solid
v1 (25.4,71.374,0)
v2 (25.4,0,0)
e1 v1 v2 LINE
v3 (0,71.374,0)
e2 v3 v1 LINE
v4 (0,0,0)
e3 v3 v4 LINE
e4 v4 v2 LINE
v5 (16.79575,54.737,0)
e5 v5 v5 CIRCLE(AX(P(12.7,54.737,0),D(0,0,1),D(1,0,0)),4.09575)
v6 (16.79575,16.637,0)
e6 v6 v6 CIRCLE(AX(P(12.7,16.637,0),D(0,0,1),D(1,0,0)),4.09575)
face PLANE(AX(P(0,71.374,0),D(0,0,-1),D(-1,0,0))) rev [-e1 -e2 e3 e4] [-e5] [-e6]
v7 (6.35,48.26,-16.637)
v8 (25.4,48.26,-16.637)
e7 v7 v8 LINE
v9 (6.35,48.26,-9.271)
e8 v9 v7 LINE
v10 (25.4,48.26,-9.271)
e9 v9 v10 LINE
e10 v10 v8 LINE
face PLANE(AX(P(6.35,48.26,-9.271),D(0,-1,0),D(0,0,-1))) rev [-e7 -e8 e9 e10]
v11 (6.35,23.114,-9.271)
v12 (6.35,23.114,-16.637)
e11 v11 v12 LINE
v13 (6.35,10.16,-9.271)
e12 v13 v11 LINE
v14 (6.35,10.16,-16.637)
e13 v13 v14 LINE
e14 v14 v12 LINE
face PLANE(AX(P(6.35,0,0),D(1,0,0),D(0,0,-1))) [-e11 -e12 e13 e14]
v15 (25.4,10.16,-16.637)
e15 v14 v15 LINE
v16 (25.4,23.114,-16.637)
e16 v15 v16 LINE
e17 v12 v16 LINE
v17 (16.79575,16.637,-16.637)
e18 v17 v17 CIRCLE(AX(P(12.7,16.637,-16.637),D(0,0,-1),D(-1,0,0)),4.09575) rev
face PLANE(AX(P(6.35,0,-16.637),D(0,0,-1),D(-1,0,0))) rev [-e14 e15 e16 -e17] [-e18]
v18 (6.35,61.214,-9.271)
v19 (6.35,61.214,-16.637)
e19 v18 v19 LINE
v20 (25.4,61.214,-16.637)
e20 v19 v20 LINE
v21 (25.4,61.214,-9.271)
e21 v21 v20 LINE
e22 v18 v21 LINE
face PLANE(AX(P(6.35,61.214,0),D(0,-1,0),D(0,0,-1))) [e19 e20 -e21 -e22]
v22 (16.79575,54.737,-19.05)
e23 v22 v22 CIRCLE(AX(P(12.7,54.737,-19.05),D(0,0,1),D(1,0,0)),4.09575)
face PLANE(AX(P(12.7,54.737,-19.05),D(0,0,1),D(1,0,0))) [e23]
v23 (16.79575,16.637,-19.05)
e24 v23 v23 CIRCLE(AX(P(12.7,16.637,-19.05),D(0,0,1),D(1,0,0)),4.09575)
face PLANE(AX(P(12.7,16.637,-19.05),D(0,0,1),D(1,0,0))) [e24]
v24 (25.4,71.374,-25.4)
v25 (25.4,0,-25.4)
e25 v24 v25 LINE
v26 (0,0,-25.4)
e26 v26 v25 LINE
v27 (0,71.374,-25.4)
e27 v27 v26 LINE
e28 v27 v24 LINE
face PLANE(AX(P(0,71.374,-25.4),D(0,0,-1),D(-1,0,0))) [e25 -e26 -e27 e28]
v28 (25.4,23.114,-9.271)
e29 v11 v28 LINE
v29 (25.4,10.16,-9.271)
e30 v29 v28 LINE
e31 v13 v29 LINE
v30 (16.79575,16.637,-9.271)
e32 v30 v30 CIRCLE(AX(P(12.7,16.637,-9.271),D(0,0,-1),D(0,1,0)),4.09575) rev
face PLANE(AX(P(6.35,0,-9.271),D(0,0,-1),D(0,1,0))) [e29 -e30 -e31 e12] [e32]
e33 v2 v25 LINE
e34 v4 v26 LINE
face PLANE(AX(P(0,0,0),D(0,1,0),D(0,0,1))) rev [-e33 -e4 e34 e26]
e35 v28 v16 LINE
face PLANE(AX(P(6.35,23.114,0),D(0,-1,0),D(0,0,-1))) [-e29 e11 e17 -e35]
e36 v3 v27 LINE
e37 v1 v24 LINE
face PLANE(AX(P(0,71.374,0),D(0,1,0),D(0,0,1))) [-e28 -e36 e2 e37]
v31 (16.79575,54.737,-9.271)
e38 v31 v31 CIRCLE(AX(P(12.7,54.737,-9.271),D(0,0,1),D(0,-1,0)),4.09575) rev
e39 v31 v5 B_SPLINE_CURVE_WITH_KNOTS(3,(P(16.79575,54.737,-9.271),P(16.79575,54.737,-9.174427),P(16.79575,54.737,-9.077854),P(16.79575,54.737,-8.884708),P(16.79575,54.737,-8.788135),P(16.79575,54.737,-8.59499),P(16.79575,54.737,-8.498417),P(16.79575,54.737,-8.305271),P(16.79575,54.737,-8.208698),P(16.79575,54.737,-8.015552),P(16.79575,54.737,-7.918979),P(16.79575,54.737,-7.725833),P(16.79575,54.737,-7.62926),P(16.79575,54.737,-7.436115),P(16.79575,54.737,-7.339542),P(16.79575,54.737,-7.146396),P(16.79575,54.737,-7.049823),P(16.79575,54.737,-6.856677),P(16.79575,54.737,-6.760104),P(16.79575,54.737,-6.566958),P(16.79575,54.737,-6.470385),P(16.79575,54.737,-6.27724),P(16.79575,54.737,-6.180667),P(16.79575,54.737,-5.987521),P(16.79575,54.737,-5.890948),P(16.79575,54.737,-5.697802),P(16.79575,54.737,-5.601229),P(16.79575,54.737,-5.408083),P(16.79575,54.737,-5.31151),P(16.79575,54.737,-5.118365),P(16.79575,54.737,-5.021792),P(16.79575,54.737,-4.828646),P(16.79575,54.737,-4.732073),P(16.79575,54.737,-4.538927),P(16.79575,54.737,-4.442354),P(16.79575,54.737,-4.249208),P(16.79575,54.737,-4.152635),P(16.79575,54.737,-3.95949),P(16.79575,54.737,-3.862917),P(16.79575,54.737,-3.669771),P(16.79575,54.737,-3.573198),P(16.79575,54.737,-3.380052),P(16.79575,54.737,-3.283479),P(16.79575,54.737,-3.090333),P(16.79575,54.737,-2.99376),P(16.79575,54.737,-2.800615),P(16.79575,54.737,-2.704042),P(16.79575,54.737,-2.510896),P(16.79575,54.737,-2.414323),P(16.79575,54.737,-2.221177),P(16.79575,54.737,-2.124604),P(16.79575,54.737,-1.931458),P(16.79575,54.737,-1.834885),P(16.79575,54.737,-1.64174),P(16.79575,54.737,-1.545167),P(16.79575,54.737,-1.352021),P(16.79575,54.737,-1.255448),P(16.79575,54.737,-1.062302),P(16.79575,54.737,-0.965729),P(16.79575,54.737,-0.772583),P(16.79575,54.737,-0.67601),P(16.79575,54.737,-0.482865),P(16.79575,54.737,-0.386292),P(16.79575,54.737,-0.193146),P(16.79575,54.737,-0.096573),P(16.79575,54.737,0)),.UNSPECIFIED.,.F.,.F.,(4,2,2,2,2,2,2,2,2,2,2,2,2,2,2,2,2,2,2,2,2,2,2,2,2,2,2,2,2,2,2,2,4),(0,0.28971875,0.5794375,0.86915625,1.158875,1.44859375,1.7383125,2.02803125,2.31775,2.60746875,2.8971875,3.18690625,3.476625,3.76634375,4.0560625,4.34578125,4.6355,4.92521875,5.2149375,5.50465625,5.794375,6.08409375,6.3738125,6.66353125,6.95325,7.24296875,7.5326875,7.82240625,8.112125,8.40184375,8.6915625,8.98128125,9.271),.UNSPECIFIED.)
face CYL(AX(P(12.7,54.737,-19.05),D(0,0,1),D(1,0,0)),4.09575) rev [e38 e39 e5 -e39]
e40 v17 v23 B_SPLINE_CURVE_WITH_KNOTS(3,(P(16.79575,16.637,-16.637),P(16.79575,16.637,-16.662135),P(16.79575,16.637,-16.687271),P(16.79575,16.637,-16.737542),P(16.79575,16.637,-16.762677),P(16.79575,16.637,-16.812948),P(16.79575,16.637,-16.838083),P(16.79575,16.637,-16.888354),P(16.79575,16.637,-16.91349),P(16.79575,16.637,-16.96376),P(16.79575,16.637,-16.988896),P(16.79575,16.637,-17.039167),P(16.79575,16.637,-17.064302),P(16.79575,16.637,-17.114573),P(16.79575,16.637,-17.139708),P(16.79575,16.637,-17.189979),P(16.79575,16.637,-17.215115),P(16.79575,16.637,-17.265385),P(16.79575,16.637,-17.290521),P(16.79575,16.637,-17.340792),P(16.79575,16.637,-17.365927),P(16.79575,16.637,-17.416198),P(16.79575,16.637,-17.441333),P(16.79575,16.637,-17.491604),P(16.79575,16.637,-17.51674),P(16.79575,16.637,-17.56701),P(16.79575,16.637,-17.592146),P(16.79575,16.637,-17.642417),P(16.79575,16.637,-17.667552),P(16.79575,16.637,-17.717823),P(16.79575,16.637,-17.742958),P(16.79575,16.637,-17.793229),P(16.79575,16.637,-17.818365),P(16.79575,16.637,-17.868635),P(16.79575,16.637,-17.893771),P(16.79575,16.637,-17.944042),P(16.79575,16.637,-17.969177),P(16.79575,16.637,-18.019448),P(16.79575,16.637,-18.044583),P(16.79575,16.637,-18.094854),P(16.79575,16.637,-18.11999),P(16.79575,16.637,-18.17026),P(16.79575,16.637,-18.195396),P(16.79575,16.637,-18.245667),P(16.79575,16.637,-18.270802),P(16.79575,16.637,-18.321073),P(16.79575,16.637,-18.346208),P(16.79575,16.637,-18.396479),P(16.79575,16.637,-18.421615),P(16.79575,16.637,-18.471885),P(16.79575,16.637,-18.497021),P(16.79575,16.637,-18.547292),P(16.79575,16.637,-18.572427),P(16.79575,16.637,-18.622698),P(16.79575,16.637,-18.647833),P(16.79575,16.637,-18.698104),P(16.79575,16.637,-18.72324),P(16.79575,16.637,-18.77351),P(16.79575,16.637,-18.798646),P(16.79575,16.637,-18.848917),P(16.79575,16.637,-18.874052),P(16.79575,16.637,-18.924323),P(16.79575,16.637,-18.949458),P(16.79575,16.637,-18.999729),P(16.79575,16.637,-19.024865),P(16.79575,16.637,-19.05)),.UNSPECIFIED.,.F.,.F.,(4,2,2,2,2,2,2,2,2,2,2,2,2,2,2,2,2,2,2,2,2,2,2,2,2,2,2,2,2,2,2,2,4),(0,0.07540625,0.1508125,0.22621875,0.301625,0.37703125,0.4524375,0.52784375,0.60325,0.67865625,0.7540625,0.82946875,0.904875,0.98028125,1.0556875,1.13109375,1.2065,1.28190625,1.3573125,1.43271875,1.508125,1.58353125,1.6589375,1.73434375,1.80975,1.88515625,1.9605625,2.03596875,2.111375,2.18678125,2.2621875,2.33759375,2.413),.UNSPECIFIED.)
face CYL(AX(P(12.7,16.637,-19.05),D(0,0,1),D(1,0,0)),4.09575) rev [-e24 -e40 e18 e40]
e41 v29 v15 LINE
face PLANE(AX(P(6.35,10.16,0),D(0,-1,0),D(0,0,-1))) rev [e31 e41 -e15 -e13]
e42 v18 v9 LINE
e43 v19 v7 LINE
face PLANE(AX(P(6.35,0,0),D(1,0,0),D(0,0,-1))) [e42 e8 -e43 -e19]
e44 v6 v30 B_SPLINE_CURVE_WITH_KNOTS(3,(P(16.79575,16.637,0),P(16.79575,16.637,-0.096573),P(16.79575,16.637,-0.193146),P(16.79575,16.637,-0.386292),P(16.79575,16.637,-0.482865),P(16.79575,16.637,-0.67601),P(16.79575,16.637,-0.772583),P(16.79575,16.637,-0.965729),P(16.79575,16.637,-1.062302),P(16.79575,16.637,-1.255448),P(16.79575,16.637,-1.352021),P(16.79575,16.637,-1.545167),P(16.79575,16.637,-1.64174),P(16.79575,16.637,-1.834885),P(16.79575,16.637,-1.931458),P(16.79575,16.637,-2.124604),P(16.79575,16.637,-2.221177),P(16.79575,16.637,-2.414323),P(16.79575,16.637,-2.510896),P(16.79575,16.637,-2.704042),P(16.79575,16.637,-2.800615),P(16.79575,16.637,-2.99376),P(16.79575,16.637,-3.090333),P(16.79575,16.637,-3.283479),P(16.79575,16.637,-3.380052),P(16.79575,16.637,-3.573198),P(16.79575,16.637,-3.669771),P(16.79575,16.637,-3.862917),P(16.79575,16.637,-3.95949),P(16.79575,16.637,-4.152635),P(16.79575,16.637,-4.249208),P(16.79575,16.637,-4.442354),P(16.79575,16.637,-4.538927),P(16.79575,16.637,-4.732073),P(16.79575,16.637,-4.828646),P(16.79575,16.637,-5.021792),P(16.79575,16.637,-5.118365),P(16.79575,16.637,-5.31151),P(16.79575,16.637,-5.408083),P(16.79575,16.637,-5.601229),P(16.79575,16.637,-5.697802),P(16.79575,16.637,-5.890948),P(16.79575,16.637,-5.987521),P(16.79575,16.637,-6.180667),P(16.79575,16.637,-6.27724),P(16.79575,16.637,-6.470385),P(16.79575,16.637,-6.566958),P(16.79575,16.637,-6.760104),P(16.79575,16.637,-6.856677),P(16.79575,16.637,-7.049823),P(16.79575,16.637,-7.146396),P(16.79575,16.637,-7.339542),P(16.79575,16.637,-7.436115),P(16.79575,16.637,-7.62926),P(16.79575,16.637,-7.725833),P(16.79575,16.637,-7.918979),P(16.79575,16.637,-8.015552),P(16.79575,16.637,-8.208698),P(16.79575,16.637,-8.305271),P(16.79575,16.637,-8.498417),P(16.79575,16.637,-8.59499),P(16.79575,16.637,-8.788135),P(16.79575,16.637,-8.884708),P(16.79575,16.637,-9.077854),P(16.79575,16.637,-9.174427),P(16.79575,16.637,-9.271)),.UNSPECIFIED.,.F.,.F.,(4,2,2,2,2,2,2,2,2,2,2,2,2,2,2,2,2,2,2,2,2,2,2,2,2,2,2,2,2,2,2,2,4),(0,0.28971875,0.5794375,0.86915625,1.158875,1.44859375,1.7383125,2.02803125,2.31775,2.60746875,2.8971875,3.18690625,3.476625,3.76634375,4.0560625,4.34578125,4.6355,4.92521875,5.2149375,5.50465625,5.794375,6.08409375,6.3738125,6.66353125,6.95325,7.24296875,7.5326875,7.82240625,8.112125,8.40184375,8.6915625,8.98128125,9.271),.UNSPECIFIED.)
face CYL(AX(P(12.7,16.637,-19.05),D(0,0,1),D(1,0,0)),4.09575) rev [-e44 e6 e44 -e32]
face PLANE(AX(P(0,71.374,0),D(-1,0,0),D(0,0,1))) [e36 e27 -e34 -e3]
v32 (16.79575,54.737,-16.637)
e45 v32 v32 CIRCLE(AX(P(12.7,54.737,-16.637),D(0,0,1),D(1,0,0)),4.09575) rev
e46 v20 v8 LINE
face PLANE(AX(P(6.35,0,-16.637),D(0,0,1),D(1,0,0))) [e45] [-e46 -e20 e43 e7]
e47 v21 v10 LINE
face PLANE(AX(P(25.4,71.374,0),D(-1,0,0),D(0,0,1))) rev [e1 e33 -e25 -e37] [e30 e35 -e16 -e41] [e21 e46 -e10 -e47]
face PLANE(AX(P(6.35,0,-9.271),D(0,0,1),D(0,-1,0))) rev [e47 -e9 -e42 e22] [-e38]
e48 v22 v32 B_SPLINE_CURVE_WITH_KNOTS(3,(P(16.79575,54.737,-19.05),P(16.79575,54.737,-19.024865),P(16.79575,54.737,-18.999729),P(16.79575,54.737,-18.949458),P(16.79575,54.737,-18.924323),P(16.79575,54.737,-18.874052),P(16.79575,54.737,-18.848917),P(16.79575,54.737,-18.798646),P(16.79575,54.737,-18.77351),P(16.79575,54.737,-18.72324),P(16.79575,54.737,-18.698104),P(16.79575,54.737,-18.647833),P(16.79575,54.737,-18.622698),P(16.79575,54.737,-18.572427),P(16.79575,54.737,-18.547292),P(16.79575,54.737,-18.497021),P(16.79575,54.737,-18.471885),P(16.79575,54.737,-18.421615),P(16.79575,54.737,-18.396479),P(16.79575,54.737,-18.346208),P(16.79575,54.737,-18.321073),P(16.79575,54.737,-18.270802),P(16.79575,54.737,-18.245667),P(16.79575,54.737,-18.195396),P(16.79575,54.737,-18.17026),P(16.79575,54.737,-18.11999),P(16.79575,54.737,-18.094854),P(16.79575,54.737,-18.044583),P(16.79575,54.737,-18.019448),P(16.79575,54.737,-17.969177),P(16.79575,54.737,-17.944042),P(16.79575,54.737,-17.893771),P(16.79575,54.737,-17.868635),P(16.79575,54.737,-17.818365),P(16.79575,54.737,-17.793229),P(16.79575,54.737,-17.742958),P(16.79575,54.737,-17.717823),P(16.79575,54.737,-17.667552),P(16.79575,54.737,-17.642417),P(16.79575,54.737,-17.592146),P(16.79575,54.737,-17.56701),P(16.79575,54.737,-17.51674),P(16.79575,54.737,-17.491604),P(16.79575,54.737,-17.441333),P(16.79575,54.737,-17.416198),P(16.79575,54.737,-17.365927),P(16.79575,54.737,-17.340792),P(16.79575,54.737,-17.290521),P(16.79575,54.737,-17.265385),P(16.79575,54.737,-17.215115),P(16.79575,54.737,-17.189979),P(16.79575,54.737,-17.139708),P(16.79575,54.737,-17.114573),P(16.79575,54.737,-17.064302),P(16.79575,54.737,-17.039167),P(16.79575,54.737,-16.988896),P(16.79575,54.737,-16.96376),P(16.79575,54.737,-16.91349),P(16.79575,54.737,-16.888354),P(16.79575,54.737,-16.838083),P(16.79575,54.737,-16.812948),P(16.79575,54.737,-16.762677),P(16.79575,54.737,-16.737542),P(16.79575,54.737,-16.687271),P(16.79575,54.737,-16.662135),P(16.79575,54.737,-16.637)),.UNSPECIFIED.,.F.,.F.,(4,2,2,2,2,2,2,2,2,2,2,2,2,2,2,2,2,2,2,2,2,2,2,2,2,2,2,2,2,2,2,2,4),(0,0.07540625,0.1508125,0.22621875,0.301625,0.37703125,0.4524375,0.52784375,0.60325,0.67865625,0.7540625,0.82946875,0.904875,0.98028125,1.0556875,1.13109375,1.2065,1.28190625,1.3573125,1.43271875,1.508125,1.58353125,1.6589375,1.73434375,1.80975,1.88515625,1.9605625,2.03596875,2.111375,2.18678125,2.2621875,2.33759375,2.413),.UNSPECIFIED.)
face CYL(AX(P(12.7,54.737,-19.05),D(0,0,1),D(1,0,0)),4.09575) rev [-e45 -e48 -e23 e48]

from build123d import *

# Parameters (mm, degrees)
SKETCH1_W           = 25.4
SKETCH1_H           = 25.4
BOSS_EXTRUDE1_DEPTH = 71.374
SKETCH2_R           = 4.09575
CUT_EXTRUDE1_DEPTH  = 19.05
SKETCH5_W           = 7.366
SKETCH5_H           = 12.954
CUT_EXTRUDE2_DEPTH  = 19.05


with BuildPart() as part:
    # Sketch1 → Boss-Extrude1 (new body)
    with BuildSketch(Plane(origin=(0, 0, 0), x_dir=(1, 0, 0), z_dir=(0, 1, 0))):
        with Locations((12.7, 12.7)):
            Rectangle(SKETCH1_W, SKETCH1_H)
    extrude(amount=BOSS_EXTRUDE1_DEPTH)

    # Sketch2 → Cut-Extrude1 (cut)
    with BuildSketch(Plane.XY):
        with Locations((12.7, 54.737)):
            Circle(SKETCH2_R)
        with Locations((12.7, 16.637)):
            Circle(SKETCH2_R)
    extrude(amount=-CUT_EXTRUDE1_DEPTH, mode=Mode.SUBTRACT)

    # Sketch5 → Cut-Extrude2 (cut)
    with BuildSketch(Plane(origin=(25.4, 0, 0), x_dir=(0, 0, -1), z_dir=(1, 0, 0))):
        with Locations((12.954, 54.737)):
            Rectangle(SKETCH5_W, SKETCH5_H)
        with Locations((12.954, 16.637)):
            Rectangle(SKETCH5_W, SKETCH5_H)
    extrude(amount=-CUT_EXTRUDE2_DEPTH, mode=Mode.SUBTRACT)


solid = part.part
